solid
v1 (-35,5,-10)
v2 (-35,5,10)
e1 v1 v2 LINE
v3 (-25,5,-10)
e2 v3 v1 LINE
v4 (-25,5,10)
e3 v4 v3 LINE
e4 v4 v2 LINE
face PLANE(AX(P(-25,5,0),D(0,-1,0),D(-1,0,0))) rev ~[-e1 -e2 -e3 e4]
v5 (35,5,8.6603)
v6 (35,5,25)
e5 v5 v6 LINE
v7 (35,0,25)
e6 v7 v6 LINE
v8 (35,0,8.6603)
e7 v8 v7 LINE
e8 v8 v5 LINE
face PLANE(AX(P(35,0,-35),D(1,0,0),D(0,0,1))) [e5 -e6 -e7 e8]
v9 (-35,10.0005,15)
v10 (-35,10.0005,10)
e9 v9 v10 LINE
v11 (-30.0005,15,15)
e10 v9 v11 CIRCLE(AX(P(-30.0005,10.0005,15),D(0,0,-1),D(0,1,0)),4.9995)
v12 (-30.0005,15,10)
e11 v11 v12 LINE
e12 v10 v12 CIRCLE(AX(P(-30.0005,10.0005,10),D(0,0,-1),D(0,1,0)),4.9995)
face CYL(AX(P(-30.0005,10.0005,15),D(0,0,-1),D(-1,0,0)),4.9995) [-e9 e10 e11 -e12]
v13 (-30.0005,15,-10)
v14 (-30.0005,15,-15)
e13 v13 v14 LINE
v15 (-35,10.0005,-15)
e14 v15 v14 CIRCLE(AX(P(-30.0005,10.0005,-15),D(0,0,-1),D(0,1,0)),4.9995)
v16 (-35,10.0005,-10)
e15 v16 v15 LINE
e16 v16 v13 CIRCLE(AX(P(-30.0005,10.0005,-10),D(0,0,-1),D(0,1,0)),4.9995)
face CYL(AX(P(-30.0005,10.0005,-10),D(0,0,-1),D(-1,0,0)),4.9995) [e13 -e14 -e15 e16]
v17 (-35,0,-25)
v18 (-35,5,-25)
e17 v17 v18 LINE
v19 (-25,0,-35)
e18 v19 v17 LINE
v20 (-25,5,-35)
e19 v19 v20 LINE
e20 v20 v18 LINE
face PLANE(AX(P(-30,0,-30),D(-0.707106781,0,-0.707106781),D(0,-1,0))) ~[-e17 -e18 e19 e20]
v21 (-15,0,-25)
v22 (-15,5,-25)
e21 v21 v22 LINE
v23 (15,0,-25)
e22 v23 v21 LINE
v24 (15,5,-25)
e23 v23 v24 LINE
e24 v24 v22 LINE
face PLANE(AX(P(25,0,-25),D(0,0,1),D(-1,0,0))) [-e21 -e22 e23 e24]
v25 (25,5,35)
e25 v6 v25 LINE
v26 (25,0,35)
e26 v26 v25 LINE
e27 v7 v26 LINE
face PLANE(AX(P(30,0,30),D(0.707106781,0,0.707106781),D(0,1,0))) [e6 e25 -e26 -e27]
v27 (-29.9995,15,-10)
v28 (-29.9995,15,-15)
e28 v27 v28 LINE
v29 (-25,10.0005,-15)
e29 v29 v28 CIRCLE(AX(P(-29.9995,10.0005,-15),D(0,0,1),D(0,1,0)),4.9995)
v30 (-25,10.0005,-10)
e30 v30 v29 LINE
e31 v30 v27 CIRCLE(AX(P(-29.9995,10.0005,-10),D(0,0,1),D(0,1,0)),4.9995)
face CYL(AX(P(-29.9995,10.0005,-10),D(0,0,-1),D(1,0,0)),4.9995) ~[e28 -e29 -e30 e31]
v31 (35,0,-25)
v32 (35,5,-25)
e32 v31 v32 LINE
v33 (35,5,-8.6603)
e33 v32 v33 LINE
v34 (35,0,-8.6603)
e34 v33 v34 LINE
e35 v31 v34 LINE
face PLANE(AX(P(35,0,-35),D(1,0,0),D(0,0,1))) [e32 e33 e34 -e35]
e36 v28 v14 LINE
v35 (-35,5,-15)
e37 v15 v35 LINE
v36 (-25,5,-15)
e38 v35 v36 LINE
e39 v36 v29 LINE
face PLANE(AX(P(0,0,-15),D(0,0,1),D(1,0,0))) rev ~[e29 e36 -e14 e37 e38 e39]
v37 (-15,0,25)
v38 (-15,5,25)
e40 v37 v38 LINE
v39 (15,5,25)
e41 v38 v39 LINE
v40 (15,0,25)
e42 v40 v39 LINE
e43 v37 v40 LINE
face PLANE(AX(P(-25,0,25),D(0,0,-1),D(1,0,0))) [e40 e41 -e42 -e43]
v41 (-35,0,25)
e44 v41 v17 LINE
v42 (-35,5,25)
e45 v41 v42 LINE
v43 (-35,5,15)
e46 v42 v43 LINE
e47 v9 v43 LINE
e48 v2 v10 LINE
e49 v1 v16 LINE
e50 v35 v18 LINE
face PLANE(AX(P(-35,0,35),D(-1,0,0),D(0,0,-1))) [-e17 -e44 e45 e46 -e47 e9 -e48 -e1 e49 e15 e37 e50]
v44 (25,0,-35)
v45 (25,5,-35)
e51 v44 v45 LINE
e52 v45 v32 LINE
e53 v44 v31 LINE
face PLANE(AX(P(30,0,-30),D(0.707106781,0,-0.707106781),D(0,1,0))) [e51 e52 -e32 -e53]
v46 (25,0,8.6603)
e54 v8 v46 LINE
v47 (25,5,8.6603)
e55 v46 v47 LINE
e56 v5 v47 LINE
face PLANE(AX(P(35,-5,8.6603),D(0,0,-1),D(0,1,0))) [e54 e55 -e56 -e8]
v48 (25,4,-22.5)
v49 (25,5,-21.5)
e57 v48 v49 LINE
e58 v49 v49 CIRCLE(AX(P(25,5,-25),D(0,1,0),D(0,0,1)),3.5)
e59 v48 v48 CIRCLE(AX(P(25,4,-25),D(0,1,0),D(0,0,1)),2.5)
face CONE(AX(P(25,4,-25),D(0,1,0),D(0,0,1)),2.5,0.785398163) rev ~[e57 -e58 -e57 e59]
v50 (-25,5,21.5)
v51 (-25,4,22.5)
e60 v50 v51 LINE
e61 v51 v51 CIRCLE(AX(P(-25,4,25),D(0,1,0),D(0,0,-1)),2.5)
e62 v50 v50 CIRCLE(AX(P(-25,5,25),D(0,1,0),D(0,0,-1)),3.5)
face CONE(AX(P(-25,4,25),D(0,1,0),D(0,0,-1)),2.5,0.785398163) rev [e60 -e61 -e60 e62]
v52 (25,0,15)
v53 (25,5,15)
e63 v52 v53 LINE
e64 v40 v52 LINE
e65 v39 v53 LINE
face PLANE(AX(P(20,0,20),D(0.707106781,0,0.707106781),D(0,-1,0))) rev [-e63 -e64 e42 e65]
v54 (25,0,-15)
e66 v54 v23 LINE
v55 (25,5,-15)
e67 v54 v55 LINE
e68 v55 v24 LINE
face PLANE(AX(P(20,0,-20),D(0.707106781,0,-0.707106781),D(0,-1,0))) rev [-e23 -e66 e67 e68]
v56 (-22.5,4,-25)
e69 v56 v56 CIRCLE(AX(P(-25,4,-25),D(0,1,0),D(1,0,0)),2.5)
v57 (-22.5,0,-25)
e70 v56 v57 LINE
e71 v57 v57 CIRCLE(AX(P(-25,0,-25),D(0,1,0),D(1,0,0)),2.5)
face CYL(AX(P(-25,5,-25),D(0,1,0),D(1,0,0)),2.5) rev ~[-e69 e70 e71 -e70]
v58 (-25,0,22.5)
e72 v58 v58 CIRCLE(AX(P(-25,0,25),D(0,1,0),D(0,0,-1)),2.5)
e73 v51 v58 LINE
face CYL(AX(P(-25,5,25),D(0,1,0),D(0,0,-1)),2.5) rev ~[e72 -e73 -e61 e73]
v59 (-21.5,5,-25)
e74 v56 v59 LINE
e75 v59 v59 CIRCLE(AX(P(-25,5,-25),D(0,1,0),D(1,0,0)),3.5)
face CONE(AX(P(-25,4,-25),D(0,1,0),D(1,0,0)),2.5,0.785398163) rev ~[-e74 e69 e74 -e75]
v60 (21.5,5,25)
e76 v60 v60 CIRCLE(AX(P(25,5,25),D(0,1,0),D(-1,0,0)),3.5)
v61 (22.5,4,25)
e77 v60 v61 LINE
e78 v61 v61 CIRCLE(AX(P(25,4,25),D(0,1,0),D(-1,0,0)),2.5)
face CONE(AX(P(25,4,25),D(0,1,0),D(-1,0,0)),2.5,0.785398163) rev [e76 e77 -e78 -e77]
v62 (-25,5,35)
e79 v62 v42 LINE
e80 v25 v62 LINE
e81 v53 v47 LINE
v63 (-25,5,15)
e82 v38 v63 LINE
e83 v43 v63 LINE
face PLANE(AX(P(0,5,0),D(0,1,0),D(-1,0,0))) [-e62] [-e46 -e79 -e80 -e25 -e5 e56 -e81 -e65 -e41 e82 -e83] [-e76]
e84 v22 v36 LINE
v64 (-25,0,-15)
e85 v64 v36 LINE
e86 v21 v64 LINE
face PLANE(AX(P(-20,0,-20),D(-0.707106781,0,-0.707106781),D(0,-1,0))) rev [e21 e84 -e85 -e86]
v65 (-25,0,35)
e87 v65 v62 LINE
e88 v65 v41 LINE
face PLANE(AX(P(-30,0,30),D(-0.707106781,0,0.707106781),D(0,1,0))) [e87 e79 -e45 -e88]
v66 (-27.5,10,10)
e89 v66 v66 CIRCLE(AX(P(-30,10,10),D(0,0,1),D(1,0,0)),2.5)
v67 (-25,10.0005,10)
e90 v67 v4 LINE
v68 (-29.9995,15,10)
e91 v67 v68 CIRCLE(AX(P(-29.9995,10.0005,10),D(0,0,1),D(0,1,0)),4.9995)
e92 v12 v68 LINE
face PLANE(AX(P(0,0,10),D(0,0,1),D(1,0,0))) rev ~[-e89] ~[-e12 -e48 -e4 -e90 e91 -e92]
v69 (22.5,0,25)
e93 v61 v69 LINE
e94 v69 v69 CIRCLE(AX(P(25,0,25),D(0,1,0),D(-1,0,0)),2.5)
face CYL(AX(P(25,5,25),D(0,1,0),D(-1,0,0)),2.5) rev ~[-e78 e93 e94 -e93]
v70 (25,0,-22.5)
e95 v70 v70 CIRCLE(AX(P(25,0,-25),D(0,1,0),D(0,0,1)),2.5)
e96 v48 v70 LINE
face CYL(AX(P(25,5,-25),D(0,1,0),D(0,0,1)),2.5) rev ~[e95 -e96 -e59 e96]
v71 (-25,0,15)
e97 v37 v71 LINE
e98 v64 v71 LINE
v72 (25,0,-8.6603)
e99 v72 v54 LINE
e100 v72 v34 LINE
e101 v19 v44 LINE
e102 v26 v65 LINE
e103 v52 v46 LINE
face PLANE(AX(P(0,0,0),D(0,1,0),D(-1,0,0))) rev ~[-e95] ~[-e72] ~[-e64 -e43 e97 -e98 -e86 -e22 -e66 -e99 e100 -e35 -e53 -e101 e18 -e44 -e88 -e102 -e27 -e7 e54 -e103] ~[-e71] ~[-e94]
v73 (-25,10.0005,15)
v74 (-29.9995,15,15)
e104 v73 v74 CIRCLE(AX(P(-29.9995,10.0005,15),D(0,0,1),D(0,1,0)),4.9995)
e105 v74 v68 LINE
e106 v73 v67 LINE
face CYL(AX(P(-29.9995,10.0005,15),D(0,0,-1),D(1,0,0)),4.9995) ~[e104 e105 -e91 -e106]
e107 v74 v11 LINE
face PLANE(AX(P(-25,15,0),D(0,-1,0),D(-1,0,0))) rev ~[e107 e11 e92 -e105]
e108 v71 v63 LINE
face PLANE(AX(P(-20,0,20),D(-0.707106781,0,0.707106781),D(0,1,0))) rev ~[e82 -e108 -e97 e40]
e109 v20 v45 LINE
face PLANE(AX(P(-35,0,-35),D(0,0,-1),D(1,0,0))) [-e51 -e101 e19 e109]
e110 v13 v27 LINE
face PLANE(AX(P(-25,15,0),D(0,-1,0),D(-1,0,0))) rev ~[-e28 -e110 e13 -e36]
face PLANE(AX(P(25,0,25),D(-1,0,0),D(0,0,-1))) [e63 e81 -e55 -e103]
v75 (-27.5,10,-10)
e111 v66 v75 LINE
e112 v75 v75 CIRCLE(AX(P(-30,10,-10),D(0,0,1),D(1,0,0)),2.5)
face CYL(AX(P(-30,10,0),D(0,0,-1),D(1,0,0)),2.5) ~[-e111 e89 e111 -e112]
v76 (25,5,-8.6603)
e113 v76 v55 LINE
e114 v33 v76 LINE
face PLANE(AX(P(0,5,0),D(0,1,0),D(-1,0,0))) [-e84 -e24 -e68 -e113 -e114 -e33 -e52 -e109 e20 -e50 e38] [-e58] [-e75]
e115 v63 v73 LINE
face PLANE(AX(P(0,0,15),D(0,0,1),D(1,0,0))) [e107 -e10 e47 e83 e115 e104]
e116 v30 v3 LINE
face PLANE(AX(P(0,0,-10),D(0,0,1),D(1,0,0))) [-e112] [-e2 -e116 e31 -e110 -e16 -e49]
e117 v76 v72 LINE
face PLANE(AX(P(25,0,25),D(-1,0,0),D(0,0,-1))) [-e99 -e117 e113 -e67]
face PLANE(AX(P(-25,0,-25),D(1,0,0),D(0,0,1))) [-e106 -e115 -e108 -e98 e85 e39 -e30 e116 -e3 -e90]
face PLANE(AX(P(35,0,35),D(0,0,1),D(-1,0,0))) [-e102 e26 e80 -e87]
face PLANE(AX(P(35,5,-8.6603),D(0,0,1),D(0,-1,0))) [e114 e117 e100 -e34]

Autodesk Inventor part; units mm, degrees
ref_plane "YZ Plane" through (0, 0, 0) normal (1, 0, 0) x (0, 1, 0)
ref_plane "XZ Plane" through (0, 0, 0) normal (0, 1, 0) x (-1, 0, 0)
ref_plane "XY Plane" through (0, 0, 0) normal (0, 0, 1) x (1, 0, 0)
sketch "Sketch2" plane through (0, 0, 0) normal (0, 1, 0) x (-1, 0, 0)
  line L0 (35, -35) -> (-35, -35)
  line L1 (-35, -35) -> (-35, 35)
  line L2 (-35, 35) -> (35, 35)
  line L3 (35, 35) -> (35, -35)
  line L4 (35, -35) -> (-35, 35) construction
  line L5 (-35, -35) -> (35, 35) construction
  line L6 (25, 25) -> (-25, 25)
  line L7 (-25, 25) -> (-25, -25)
  line L8 (-25, -25) -> (25, -25)
  line L9 (25, -25) -> (25, 25)
  point P0 (0, 0)
  dimension "d0" = 70
  dimension "d1" = 10
  dimension "d27" = 70
extrude "Extrusion1" add sketch "Sketch2" along normal blind 5
chamfer "Chamfer1" distance 10 angle 45 8 edges at (-25, 2.5, 25) (25, 2.5, 25) (-25, 2.5, -25) (25, 2.5, -25) (-35, 2.5, 35) (35, 2.5, 35) (35, 2.5, -35) (-35, 2.5, -35)
sketch "Sketch3" plane through (0, 5, 0) normal (0, 1, 0) x (1, 0, 0)
  line L0 (-35, 25) -> (-35, -25) construction
  line L1 (25, 35) -> (-25, 35) construction
  circle A0 centre (-25, 25) radius 2.5
  point P0 (0, 0)
  dimension "d7" = 10
  dimension "d8" = 10
  dimension "d9" = 5
extrude "Extrusion2" cut sketch "Sketch3" against normal through all
pattern_circular "Circular Pattern1" count 4 over 360 about axis through (0, -10, 0) along (0, 1, 0) of "Extrusion2"
sketch "Sketch4" plane through (0, 0, 0) normal (0, 0, 1) x (1, 0, 0)
  line L0 (-35, 5) -> (-35, 0) construction
  line L1 (-35, 5) -> (-25, 5)
  line L2 (-25, 5) -> (-25, 15)
  line L3 (-25, 15) -> (-35, 15)
  line L4 (-35, 15) -> (-35, 5)
  point P0 (0, 0)
  dimension "d15" = 10
  dimension "d16" = 10
extrude "Extrusion3" add sketch "Sketch4" along normal mid plane 30
sketch "Sketch6" plane through (0, 0, 0) normal (0, 0, 1) x (1, 0, 0)
  circle A0 centre (-30, 10) radius 2.5
  line L0 (-25, 15) -> (-35, 15) construction
  line L1 (-35, 15) -> (-35, 5) construction
  line L2 (-27.5, 5) -> (-22.5, 5) construction
  line L3 (-35, 15) -> (-25, 15)
  line L4 (-25, 15) -> (-25, 5)
  line L5 (-25, 5) -> (-35, 5)
  line L6 (-35, 5) -> (-35, 15)
  point P0 (0, 0)
  point P1 (-30, 15)
  point P2 (-35, 10)
  dimension "d22" = 5
  dimension "d23" = 5
  dimension "d24" = 5
extrude "Extrusion4" cut sketch "Sketch6" along normal mid plane 20
sketch "Sketch7" plane through (35, 0, 25) normal (1, 0, 0) x (0, 0, -1)
  line L0 (50, 5) -> (50, 0) construction
  line L1 (16.3397, 5) -> (25, 10)
  line L2 (25, 10) -> (33.6603, 5)
  line L3 (33.6603, 5) -> (33.6603, -5)
  line L4 (33.6603, -5) -> (25, -10)
  line L5 (25, -10) -> (16.3397, -5)
  line L6 (16.3397, -5) -> (16.3397, 5)
  point P0 (25, 0)
  point P1 (25, 0)
  dimension "d28" = 10
extrude "Extrusion5" cut sketch "Sketch7" against normal blind 10
fillet "Fillet1" radius 5 4 edges at (-35, 15, 12.5) (-25, 15, 12.5) (-35, 15, -12.5) (-25, 15, -12.5)
chamfer "Chamfer2" distance 1 angle 45 4 edges at (-25, 5, 27.5) (-27.5, 5, -25) (25, 5, -27.5) (27.5, 5, 25)
properties part number "pokemon_ball_black_part1"
